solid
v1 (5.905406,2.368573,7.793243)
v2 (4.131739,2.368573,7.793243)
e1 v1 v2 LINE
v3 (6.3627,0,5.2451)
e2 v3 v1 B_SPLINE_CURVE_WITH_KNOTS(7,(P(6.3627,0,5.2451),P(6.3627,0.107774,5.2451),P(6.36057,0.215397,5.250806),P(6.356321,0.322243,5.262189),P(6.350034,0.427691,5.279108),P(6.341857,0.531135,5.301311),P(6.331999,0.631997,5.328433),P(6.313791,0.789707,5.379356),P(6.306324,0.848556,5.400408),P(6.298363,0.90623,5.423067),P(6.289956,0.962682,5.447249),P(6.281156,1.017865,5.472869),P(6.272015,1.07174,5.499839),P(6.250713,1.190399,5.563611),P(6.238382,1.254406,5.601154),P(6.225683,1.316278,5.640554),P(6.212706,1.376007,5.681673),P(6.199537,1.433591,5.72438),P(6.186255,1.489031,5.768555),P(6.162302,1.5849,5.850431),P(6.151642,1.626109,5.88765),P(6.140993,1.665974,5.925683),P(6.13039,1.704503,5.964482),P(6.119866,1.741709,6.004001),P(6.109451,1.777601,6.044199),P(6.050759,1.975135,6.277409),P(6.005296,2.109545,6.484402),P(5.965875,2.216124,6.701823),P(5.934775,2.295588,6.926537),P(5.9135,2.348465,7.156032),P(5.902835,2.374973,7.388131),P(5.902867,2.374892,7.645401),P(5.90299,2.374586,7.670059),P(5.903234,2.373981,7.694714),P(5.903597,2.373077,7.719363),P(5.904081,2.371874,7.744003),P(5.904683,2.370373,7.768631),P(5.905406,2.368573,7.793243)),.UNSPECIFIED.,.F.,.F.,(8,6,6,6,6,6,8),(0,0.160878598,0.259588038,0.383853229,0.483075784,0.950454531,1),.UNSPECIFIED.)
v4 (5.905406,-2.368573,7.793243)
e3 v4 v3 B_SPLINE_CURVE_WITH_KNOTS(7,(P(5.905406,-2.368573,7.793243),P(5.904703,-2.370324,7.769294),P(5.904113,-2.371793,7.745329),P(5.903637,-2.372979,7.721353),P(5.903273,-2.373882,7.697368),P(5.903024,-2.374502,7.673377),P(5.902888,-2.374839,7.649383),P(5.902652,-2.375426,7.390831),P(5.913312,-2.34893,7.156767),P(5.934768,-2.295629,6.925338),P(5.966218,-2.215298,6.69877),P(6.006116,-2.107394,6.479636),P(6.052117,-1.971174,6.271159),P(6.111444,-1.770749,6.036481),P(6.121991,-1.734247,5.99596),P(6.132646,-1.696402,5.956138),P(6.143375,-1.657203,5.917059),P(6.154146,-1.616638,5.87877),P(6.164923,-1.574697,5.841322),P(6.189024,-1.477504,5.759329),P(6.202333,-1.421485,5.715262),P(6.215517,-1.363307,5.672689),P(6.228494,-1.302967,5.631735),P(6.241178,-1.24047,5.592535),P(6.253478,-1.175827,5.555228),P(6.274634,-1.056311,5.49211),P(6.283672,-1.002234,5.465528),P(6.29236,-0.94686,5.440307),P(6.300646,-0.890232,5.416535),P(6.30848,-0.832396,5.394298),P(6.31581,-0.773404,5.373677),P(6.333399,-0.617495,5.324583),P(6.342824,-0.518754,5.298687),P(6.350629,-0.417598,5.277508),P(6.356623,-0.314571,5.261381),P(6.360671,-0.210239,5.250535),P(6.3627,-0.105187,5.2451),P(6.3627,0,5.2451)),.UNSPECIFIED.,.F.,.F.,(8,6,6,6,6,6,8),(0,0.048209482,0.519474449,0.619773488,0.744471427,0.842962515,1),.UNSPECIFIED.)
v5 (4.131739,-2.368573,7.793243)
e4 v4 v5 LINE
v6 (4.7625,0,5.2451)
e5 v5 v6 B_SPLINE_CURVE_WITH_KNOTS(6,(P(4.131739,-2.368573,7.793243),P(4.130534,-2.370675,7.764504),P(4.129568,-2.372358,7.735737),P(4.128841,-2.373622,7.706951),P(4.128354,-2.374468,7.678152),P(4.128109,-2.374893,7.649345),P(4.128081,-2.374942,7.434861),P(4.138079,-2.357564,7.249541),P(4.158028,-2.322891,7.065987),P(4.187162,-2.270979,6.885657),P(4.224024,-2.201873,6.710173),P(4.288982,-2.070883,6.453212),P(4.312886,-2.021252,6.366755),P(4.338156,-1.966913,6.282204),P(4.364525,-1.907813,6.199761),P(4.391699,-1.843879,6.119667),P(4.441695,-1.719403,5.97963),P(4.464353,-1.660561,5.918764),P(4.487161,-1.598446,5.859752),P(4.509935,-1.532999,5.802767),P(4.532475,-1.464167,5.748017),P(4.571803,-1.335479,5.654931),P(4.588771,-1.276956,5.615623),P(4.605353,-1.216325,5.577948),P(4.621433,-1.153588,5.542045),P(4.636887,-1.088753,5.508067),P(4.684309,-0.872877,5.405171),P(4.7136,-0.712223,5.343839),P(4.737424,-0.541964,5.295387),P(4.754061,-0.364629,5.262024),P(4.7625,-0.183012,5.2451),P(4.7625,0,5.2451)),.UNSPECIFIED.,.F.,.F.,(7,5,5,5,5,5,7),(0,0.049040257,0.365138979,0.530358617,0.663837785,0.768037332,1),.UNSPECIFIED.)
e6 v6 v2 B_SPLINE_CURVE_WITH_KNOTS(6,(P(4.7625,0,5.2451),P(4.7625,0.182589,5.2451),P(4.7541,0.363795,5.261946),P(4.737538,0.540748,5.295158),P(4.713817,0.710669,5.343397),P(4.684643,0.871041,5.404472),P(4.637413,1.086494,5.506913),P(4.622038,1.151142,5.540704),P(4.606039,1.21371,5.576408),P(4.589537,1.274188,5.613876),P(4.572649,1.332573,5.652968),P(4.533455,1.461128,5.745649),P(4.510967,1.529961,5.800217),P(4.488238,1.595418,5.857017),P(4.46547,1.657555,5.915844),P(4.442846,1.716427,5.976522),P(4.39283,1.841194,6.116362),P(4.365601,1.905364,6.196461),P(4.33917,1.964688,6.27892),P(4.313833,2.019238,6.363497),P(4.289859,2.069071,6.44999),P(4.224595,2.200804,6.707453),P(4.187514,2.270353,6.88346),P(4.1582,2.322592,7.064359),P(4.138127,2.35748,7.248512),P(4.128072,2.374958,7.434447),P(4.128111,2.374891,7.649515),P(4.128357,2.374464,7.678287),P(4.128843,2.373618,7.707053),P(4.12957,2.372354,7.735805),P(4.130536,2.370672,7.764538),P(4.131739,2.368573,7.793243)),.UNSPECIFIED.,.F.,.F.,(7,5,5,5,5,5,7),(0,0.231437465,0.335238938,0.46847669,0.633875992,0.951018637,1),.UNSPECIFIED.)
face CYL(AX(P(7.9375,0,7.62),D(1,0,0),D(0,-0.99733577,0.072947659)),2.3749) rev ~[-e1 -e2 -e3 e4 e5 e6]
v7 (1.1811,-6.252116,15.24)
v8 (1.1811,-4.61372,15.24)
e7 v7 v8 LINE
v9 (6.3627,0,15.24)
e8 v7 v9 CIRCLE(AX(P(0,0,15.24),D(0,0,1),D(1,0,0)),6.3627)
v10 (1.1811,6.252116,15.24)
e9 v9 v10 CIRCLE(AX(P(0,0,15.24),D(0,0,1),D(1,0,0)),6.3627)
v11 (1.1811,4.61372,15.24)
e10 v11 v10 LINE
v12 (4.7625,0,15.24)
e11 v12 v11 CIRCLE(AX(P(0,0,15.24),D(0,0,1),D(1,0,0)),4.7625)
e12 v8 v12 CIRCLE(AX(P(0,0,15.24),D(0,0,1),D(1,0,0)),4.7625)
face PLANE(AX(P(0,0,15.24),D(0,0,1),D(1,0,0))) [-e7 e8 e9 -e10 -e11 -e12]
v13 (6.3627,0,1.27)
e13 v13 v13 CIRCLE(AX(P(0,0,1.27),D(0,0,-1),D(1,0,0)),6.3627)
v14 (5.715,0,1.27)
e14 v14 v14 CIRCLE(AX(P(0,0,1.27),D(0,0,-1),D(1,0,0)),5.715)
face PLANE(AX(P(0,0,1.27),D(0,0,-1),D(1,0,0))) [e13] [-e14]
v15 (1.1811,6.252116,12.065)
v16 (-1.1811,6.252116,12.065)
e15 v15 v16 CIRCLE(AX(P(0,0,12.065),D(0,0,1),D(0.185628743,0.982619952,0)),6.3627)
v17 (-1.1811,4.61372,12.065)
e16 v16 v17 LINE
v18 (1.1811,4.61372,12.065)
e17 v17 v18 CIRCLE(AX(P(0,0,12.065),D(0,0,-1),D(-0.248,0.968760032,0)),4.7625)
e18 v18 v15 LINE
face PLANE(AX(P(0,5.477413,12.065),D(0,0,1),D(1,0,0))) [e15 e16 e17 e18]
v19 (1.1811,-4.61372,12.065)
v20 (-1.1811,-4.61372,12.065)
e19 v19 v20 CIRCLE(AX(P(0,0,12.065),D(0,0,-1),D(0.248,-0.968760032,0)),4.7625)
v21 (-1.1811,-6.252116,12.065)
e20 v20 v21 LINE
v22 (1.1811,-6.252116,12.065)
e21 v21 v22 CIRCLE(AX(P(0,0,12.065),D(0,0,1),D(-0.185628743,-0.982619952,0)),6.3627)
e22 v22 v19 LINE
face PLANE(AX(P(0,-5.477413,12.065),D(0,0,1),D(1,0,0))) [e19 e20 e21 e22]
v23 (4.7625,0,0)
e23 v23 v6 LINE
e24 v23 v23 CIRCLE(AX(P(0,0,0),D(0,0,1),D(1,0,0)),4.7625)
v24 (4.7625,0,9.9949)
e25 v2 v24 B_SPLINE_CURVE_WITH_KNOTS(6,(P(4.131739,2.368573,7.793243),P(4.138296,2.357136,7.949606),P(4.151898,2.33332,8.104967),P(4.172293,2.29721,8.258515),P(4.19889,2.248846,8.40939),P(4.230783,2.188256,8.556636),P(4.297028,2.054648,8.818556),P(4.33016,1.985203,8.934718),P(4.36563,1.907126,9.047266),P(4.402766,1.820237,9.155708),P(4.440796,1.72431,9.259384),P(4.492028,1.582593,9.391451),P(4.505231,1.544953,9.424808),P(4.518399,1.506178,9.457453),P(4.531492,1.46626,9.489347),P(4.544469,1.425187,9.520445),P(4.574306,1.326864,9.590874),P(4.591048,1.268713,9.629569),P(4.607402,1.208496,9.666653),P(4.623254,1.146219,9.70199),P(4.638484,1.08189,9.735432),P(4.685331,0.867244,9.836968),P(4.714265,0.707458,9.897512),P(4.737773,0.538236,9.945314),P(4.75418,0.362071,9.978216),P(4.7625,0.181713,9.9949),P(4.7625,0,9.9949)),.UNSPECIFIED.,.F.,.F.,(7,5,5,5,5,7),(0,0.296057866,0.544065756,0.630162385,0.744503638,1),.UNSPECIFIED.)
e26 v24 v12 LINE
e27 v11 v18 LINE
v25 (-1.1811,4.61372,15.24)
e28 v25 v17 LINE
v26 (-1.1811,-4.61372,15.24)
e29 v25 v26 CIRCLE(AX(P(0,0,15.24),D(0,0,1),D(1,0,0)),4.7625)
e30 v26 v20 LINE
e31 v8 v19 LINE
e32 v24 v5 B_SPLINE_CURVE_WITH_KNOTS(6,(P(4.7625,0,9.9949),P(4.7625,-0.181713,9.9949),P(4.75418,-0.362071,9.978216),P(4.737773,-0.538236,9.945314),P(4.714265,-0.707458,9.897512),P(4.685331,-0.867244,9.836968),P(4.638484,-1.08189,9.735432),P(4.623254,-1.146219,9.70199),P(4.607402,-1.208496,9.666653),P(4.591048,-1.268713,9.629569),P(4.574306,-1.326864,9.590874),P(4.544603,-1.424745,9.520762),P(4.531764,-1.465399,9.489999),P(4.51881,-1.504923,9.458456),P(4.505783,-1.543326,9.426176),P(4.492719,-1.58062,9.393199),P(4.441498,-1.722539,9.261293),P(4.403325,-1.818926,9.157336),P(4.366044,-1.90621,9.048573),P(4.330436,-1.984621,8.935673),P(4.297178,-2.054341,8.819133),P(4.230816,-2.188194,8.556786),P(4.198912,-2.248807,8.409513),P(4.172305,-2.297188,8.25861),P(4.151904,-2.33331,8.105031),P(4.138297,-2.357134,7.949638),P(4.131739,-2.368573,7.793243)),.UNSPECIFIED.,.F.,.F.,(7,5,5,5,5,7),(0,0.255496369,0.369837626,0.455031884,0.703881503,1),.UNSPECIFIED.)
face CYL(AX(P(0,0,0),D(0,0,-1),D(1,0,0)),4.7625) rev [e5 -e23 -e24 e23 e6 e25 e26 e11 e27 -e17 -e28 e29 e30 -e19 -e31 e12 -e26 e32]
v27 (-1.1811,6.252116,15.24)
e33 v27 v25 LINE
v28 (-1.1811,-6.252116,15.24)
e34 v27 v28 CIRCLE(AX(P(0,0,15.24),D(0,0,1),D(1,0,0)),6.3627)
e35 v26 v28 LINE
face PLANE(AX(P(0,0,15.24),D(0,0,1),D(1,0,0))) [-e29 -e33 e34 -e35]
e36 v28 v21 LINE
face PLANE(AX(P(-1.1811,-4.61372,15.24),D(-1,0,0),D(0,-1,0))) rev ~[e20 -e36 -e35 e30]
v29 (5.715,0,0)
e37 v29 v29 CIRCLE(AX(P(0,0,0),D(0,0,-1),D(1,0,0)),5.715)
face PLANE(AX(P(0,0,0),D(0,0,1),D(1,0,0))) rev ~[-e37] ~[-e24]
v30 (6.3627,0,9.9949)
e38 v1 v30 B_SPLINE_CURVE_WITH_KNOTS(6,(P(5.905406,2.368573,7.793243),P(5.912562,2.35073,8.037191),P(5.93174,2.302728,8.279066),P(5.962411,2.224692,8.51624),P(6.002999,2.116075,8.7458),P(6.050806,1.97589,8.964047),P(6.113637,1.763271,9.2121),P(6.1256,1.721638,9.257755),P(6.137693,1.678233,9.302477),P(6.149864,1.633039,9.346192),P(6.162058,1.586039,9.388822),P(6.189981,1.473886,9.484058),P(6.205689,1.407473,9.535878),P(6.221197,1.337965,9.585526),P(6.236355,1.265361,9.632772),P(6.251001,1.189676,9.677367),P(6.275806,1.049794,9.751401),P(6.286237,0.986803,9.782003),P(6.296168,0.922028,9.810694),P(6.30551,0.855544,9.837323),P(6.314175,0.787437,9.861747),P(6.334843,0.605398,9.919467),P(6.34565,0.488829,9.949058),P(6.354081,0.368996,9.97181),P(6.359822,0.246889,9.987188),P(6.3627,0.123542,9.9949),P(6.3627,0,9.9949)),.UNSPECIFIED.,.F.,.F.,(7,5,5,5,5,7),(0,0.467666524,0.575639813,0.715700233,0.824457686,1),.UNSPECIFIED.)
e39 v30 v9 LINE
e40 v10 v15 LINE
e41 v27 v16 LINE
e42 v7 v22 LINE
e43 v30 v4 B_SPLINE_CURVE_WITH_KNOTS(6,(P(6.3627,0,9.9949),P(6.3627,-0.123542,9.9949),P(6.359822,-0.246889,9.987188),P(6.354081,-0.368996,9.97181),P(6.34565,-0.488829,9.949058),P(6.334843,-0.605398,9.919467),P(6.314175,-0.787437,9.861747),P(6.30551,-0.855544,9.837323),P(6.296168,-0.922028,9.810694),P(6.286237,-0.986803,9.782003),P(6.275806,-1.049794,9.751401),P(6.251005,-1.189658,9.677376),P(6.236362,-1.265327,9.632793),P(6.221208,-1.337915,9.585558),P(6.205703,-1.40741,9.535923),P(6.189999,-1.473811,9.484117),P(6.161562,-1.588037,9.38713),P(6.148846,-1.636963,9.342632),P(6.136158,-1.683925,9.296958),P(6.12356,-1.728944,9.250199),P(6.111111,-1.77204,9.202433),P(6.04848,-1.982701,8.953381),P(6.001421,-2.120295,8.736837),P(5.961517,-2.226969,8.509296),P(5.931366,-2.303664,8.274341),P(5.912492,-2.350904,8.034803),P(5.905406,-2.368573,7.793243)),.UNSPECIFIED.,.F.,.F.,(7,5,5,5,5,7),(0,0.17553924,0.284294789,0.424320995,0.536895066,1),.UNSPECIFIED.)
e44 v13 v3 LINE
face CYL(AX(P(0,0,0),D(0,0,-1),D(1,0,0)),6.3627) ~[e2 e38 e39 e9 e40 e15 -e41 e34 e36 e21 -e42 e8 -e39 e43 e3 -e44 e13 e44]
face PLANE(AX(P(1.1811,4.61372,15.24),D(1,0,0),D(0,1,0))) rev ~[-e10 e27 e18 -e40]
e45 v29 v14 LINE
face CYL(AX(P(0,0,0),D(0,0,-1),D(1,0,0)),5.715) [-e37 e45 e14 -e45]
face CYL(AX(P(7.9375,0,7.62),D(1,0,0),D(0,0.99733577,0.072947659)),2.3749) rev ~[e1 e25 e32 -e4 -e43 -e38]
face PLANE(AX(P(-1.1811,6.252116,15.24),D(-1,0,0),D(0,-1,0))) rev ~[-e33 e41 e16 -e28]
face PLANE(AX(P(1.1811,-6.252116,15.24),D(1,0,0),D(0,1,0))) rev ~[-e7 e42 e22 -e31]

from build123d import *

# Parameters (mm, degrees)
F0_R     = 6.3627
F0_R_2   = 4.7625
F1_DEPTH = 15.24
F2_R     = 6.3627
F2_R_2   = 5.715
F3_DEPTH = 1.27
F6_DEPTH = 5.08
F8_DEPTH = 3.175


with BuildPart() as f1:
    # F0 (on Top) → F1 (new body)
    with BuildSketch(Plane.XY):
        Circle(F0_R)
        Circle(F0_R_2, mode=Mode.SUBTRACT)
    extrude(amount=F1_DEPTH)

    # F2 (on face) → F3 (cut)
    with BuildSketch(Plane(origin=(0, 0, 0), x_dir=(1, 0, 0), z_dir=(0, 0, -1))):
        Circle(F2_R)
        Circle(F2_R_2, mode=Mode.SUBTRACT)
    extrude(amount=-F3_DEPTH, mode=Mode.SUBTRACT)

    # F5 (on offset) → F6 (cut)
    with BuildSketch(Plane.YZ.offset(7.9375)):
        with BuildLine():
            ThreePointArc((2.3685727212, 7.7932433957), (0, 9.9949), (-2.3685727212, 7.7932433957))
            ThreePointArc((-2.3685727212, 7.7932433957), (0, 5.2451), (2.3685727212, 7.7932433957))
        make_face()
    extrude(amount=-F6_DEPTH, mode=Mode.SUBTRACT)

    # F7 (on face) → F8 (cut)
    with BuildSketch(Plane.XY.offset(15.24)):
        with BuildLine():
            ThreePointArc((1.1811, 6.2521159682), (0, 6.3627), (-1.1811, 6.2521159682))
            Line((-1.1811, 6.2521159682), (-1.1811, 4.6137196534))
            ThreePointArc((-1.1811, 4.6137196534), (0, 4.7625), (1.1811, 4.6137196534))
            Line((1.1811, 4.6137196534), (1.1811, 6.2521159682))
        make_face()
        with BuildLine():
            Line((-1.1811, -4.6137196534), (-1.1811, -6.2521159682))
            ThreePointArc((-1.1811, -6.2521159682), (0, -6.3627), (1.1811, -6.2521159682))
            Line((1.1811, -6.2521159682), (1.1811, -4.6137196534))
            ThreePointArc((1.1811, -4.6137196534), (0, -4.7625), (-1.1811, -4.6137196534))
        make_face()
    extrude(amount=-F8_DEPTH, mode=Mode.SUBTRACT)


solid = f1.part
